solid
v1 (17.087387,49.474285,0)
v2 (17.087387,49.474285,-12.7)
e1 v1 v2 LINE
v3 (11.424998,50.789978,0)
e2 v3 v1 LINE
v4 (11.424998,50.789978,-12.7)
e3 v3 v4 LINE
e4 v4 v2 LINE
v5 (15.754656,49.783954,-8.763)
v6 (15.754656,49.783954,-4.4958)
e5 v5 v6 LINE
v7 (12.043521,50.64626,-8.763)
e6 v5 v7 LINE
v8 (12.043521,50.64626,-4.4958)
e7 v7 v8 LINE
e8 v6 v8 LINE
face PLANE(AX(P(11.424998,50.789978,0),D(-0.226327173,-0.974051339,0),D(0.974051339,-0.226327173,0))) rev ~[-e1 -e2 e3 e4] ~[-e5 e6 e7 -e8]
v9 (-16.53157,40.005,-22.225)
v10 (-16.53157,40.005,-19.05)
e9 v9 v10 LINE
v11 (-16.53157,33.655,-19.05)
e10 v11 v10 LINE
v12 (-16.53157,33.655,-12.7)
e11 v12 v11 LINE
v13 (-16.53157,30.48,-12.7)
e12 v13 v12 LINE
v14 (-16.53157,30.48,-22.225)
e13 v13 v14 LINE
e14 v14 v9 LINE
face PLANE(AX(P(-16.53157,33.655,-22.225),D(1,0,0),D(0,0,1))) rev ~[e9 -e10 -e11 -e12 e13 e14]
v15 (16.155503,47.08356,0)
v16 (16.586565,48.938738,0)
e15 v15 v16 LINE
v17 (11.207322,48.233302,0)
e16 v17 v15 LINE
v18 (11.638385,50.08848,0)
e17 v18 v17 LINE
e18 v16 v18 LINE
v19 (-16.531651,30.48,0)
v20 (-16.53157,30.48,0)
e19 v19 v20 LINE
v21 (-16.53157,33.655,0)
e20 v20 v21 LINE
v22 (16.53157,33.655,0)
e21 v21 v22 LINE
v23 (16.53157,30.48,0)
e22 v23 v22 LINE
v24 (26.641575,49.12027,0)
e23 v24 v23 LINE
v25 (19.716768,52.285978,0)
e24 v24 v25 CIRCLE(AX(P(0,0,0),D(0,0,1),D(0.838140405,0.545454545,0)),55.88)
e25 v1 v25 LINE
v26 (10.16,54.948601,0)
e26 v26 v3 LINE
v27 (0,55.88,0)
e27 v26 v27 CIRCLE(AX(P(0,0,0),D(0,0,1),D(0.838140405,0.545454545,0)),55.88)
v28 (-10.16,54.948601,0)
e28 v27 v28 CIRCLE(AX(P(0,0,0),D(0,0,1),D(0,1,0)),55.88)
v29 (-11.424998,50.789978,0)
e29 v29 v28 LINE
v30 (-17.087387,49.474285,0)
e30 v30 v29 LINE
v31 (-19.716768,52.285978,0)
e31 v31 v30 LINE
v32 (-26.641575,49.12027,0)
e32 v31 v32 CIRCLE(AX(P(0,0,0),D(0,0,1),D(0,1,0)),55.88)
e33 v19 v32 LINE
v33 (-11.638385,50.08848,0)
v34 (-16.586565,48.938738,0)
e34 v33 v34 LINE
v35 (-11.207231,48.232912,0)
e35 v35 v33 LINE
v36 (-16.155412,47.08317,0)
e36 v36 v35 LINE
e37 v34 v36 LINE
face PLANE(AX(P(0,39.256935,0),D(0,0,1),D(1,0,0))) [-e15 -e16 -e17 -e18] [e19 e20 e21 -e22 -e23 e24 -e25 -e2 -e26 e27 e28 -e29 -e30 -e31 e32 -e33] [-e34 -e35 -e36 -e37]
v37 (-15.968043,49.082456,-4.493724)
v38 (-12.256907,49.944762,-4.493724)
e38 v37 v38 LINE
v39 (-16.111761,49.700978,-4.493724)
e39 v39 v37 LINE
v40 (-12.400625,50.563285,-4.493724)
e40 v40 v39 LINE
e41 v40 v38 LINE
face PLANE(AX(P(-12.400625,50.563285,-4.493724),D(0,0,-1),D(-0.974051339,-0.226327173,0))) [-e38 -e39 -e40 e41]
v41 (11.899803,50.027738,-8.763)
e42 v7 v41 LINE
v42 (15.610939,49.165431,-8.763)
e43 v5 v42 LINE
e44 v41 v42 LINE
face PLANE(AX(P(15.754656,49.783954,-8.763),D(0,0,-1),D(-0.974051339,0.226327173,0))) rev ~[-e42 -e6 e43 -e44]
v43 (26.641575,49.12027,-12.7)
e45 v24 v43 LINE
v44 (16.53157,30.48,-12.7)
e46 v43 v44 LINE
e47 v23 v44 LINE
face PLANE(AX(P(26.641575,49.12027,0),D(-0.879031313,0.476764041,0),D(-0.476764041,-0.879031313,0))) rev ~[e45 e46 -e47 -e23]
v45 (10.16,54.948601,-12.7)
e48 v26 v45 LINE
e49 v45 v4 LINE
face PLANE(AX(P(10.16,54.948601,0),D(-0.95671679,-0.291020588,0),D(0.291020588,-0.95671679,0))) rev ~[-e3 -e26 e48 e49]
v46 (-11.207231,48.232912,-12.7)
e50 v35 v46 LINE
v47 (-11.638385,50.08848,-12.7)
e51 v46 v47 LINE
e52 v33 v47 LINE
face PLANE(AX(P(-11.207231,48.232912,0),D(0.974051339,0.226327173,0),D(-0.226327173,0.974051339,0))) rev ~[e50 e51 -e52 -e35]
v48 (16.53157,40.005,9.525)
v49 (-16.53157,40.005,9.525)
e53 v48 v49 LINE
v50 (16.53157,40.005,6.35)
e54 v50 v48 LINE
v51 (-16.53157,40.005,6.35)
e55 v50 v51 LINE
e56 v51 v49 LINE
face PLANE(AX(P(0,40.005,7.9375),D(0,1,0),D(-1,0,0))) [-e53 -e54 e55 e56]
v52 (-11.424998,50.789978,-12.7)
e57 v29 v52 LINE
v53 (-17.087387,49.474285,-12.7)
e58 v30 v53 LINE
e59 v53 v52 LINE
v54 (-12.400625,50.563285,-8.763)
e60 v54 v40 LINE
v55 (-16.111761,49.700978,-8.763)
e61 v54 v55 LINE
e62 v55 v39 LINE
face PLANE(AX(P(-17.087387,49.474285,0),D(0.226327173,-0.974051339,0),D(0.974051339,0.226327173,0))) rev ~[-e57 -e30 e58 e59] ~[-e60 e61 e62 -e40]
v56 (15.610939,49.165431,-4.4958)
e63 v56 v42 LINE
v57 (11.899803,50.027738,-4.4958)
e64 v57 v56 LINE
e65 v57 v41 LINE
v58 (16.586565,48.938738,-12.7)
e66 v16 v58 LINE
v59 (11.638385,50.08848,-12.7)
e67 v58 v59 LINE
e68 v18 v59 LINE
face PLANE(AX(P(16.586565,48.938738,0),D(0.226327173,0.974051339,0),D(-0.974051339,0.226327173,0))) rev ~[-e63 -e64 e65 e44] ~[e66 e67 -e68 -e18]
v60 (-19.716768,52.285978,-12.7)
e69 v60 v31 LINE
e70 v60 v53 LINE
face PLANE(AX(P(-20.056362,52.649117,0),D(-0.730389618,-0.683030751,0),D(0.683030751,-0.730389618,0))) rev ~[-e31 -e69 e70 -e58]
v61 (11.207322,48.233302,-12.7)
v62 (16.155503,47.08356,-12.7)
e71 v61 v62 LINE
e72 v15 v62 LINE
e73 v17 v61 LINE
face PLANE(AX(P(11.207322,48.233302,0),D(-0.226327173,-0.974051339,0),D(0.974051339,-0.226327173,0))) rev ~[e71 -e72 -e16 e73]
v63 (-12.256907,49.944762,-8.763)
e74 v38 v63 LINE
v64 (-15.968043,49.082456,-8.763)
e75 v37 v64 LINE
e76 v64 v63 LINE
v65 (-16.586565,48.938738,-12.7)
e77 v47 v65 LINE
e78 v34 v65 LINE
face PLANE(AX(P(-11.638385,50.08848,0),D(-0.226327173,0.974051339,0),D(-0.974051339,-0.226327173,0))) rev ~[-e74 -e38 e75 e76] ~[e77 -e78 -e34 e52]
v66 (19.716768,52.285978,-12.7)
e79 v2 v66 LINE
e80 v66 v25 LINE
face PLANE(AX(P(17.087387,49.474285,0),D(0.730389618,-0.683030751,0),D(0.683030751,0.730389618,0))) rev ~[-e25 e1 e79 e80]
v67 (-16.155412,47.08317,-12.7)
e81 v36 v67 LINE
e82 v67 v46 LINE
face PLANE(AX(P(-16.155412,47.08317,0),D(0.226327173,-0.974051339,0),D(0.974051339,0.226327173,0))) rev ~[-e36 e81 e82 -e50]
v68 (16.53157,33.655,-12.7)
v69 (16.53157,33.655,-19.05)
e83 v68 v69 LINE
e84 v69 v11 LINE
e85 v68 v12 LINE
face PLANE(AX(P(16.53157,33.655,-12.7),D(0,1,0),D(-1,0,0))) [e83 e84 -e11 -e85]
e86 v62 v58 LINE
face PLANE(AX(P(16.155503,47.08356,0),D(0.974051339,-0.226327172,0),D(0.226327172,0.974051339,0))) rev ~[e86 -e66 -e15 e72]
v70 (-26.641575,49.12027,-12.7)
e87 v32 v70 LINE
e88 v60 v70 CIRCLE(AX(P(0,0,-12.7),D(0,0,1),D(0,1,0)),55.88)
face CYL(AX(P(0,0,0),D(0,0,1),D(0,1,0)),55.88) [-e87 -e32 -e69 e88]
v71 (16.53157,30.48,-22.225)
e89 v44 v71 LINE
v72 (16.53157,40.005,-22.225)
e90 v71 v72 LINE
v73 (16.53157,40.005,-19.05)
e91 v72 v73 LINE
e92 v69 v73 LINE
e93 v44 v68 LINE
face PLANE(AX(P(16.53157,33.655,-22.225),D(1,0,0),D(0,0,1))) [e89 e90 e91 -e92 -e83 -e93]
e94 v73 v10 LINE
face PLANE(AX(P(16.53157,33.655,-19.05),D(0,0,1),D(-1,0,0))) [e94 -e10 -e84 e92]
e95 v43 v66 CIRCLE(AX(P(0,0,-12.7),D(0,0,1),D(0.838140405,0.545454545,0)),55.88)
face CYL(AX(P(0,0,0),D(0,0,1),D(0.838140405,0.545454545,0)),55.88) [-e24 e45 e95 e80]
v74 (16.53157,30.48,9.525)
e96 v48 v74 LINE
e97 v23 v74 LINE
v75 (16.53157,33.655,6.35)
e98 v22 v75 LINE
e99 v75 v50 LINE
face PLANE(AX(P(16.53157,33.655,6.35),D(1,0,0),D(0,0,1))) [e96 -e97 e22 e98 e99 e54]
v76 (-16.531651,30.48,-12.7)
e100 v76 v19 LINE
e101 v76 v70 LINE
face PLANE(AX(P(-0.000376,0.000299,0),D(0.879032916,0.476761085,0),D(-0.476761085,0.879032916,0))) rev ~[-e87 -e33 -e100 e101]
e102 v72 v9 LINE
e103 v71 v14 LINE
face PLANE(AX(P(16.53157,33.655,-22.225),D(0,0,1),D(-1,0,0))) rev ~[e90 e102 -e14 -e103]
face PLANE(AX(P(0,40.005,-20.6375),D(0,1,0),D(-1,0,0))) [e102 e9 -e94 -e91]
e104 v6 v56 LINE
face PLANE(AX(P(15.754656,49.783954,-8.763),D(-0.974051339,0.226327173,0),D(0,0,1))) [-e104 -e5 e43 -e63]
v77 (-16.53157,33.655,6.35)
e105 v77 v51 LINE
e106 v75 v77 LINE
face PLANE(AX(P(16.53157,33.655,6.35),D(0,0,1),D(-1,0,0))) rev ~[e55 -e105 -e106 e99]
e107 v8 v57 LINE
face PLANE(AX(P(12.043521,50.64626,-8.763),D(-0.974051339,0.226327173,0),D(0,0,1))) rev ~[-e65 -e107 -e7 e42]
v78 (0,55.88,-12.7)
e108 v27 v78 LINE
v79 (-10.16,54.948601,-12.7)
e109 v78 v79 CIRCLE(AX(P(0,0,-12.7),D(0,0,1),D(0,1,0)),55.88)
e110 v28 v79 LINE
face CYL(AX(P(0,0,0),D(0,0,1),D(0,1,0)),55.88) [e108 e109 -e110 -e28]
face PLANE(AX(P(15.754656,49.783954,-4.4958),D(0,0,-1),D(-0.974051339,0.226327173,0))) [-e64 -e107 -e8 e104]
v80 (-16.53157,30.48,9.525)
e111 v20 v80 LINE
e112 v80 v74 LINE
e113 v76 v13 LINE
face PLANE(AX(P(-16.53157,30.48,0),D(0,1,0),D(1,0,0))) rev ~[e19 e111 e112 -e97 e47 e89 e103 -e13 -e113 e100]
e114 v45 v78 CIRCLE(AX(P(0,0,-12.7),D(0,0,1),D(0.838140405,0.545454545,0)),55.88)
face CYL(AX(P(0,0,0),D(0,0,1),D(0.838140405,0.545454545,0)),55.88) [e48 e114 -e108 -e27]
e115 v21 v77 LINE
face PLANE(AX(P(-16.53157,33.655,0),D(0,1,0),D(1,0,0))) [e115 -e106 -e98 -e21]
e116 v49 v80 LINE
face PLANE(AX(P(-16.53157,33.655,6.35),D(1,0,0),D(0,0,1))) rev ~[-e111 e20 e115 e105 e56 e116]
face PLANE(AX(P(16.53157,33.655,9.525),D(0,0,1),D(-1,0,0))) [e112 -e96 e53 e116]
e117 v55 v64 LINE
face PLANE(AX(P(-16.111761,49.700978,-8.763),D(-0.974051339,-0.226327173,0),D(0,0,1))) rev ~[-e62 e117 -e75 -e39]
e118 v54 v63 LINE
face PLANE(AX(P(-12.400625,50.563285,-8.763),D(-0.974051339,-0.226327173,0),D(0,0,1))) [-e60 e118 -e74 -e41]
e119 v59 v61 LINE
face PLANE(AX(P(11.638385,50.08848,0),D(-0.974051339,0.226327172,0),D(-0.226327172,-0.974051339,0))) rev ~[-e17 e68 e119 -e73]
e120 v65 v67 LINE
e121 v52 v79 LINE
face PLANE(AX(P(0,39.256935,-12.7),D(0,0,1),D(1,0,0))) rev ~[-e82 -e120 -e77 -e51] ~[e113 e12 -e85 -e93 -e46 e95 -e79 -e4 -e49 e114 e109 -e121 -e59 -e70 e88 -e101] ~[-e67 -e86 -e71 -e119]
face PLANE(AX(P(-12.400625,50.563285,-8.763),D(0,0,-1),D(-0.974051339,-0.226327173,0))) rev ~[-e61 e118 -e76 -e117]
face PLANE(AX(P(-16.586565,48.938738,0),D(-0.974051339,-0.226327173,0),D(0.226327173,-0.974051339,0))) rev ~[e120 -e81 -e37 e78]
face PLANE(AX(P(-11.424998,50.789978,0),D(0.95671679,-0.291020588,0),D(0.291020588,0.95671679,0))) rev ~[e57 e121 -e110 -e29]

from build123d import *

# Parameters (mm, degrees)
EXTRUSION1_DEPTH = 12.7
SKETCH2_R        = 0.0001
EXTRUSION2_DEPTH = 12.7
EXTRUSION3_REACH = 47.242
SKETCH3_W        = 3.81
SKETCH3_H        = 4.269275936
EXTRUSION4_REACH = 47.242
SKETCH4_W        = 3.81
SKETCH4_H        = 4.2672
SKETCH5_W        = 33.063140678
SKETCH5_H        = 3.175
EXTRUSION5_DEPTH = 9.525
SKETCH6_W        = 33.063140678
SKETCH6_H        = 3.175
EXTRUSION6_DEPTH = 6.35
SKETCH7_W        = 33.063140678
SKETCH7_H        = 3.175
EXTRUSION7_DEPTH = 9.525
SKETCH8_W        = 33.063140678
SKETCH8_H        = 3.175
EXTRUSION8_DEPTH = 6.35


with BuildPart() as part:
    # Sketch1 → Extrusion1 (new body)
    with BuildSketch(Plane.XY):
        with BuildLine():
            Line((-46.835285843, 30.48), (46.835285843, 30.48))
            ThreePointArc((46.835285843, 30.48), (26.639744744, 49.121262199), (0, 55.88))
            ThreePointArc((0, 55.88), (-26.639744744, 49.121262199), (-46.835285843, 30.48))
        make_face()
    extrude(amount=-EXTRUSION1_DEPTH)

    # Sketch2 → Extrusion2 (cut)
    with BuildSketch(Plane.XY):
        Polygon((-17.087387335, 49.474285222), (-11.424998154, 50.789978227), (-10.16, 54.948601438), (-13.629796213, 58.658980697), (-18.577977015, 57.50923866), (-20.056361604, 52.649117364), align=None)
        Polygon((18.577977015, 57.50923866), (13.629796213, 58.658980697), (10.16, 54.948601438), (11.424998154, 50.789978227), (17.087387335, 49.474285222), (20.056361604, 52.649117364), align=None)
        with Locations((-0.000275836, 0.000298823)):
            Circle(SKETCH2_R)
        with BuildLine():
            Line((-46.835285843, 30.48), (-0.000330381, 0.000215009))
            Line((-0.000330381, 0.000215009), (-26.641574626, 49.120269761))
            ThreePointArc((-26.641574626, 49.120269761), (-37.902205349, 41.060896601), (-46.835285843, 30.48))
        make_face()
        with Locations((0.000275836, 0.000298823)):
            Circle(SKETCH2_R)
        with BuildLine():
            Line((26.641574627, 49.120269761), (0.000187932, 0.0003465))
            Line((0.000187932, 0.0003465), (46.835285843, 30.48))
            ThreePointArc((46.835285843, 30.48), (37.902205349, 41.060896601), (26.641574627, 49.120269761))
        make_face()
        Polygon((11.207321789, 48.233301672), (16.155502591, 47.083559635), (16.586565391, 48.938738106), (11.638384589, 50.088480143), align=None)
        Polygon((-16.155412127, 47.083170305), (-11.207231325, 48.232912342), (-11.638384589, 50.088480143), (-16.586565391, 48.938738106), align=None)
    extrude(amount=-EXTRUSION2_DEPTH, mode=Mode.SUBTRACT)

    # Sketch3 → Extrusion3 (cut, up to next)
    with BuildSketch(Plane(origin=(-11.782102344, 50.707002743, 0), x_dir=(-0.9740513389582227, -0.22632717263663577, 0), z_dir=(-0.22632717263663577, 0.9740513389582227, 0)), mode=Mode.PRIVATE) as extrusion3_sk1:
        with Locations((2.54, -6.628362032)):
            Rectangle(SKETCH3_W, SKETCH3_H)
    extrusion3_tool1 = extrude(extrusion3_sk1.sketch, amount=-EXTRUSION3_REACH, mode=Mode.PRIVATE) & part.part
    add(extrusion3_tool1.solids().sort_by_distance((-14.256193, 50.132132, -6.628362))[0], mode=Mode.SUBTRACT)

    # Sketch4 → Extrusion4 (cut, up to next)
    with BuildSketch(Plane(origin=(11.782102344, 50.707002743, 0), x_dir=(-0.974051338958225, 0.22632717263662588, 0), z_dir=(0.2263271726366259, 0.9740513389582252, 0)), mode=Mode.PRIVATE) as extrusion4_sk1:
        with Locations((-2.173382579, -6.6294)):
            Rectangle(SKETCH4_W, SKETCH4_H)
    extrusion4_tool1 = extrude(extrusion4_sk1.sketch, amount=-EXTRUSION4_REACH, mode=Mode.PRIVATE) & part.part
    add(extrusion4_tool1.solids().sort_by_distance((13.899089, 50.215107, -6.6294))[0], mode=Mode.SUBTRACT)

    # Sketch5 → Extrusion5 (add)
    with BuildSketch(Plane(origin=(0, 0, -12.7), x_dir=(-1, 0, 0), z_dir=(0, 0, -1))):
        with Locations((0, 32.0675)):
            Rectangle(SKETCH5_W, SKETCH5_H)
    extrude(amount=EXTRUSION5_DEPTH)

    # Sketch6 → Extrusion6 (add)
    with BuildSketch(Plane(origin=(0, 33.655, 0), x_dir=(-1, 0, 0), z_dir=(0, 1, 0))):
        with Locations((0, -20.6375)):
            Rectangle(SKETCH6_W, SKETCH6_H)
    extrude(amount=EXTRUSION6_DEPTH)

    # Sketch7 → Extrusion7 (add)
    with BuildSketch(Plane.XY):
        with Locations((0, 32.0675)):
            Rectangle(SKETCH7_W, SKETCH7_H)
    extrude(amount=EXTRUSION7_DEPTH)

    # Sketch8 → Extrusion8 (add)
    with BuildSketch(Plane(origin=(0, 33.655, 0), x_dir=(-1, 0, 0), z_dir=(0, 1, 0))):
        with Locations((0, 7.9375)):
            Rectangle(SKETCH8_W, SKETCH8_H)
    extrude(amount=EXTRUSION8_DEPTH)


solid = part.part
